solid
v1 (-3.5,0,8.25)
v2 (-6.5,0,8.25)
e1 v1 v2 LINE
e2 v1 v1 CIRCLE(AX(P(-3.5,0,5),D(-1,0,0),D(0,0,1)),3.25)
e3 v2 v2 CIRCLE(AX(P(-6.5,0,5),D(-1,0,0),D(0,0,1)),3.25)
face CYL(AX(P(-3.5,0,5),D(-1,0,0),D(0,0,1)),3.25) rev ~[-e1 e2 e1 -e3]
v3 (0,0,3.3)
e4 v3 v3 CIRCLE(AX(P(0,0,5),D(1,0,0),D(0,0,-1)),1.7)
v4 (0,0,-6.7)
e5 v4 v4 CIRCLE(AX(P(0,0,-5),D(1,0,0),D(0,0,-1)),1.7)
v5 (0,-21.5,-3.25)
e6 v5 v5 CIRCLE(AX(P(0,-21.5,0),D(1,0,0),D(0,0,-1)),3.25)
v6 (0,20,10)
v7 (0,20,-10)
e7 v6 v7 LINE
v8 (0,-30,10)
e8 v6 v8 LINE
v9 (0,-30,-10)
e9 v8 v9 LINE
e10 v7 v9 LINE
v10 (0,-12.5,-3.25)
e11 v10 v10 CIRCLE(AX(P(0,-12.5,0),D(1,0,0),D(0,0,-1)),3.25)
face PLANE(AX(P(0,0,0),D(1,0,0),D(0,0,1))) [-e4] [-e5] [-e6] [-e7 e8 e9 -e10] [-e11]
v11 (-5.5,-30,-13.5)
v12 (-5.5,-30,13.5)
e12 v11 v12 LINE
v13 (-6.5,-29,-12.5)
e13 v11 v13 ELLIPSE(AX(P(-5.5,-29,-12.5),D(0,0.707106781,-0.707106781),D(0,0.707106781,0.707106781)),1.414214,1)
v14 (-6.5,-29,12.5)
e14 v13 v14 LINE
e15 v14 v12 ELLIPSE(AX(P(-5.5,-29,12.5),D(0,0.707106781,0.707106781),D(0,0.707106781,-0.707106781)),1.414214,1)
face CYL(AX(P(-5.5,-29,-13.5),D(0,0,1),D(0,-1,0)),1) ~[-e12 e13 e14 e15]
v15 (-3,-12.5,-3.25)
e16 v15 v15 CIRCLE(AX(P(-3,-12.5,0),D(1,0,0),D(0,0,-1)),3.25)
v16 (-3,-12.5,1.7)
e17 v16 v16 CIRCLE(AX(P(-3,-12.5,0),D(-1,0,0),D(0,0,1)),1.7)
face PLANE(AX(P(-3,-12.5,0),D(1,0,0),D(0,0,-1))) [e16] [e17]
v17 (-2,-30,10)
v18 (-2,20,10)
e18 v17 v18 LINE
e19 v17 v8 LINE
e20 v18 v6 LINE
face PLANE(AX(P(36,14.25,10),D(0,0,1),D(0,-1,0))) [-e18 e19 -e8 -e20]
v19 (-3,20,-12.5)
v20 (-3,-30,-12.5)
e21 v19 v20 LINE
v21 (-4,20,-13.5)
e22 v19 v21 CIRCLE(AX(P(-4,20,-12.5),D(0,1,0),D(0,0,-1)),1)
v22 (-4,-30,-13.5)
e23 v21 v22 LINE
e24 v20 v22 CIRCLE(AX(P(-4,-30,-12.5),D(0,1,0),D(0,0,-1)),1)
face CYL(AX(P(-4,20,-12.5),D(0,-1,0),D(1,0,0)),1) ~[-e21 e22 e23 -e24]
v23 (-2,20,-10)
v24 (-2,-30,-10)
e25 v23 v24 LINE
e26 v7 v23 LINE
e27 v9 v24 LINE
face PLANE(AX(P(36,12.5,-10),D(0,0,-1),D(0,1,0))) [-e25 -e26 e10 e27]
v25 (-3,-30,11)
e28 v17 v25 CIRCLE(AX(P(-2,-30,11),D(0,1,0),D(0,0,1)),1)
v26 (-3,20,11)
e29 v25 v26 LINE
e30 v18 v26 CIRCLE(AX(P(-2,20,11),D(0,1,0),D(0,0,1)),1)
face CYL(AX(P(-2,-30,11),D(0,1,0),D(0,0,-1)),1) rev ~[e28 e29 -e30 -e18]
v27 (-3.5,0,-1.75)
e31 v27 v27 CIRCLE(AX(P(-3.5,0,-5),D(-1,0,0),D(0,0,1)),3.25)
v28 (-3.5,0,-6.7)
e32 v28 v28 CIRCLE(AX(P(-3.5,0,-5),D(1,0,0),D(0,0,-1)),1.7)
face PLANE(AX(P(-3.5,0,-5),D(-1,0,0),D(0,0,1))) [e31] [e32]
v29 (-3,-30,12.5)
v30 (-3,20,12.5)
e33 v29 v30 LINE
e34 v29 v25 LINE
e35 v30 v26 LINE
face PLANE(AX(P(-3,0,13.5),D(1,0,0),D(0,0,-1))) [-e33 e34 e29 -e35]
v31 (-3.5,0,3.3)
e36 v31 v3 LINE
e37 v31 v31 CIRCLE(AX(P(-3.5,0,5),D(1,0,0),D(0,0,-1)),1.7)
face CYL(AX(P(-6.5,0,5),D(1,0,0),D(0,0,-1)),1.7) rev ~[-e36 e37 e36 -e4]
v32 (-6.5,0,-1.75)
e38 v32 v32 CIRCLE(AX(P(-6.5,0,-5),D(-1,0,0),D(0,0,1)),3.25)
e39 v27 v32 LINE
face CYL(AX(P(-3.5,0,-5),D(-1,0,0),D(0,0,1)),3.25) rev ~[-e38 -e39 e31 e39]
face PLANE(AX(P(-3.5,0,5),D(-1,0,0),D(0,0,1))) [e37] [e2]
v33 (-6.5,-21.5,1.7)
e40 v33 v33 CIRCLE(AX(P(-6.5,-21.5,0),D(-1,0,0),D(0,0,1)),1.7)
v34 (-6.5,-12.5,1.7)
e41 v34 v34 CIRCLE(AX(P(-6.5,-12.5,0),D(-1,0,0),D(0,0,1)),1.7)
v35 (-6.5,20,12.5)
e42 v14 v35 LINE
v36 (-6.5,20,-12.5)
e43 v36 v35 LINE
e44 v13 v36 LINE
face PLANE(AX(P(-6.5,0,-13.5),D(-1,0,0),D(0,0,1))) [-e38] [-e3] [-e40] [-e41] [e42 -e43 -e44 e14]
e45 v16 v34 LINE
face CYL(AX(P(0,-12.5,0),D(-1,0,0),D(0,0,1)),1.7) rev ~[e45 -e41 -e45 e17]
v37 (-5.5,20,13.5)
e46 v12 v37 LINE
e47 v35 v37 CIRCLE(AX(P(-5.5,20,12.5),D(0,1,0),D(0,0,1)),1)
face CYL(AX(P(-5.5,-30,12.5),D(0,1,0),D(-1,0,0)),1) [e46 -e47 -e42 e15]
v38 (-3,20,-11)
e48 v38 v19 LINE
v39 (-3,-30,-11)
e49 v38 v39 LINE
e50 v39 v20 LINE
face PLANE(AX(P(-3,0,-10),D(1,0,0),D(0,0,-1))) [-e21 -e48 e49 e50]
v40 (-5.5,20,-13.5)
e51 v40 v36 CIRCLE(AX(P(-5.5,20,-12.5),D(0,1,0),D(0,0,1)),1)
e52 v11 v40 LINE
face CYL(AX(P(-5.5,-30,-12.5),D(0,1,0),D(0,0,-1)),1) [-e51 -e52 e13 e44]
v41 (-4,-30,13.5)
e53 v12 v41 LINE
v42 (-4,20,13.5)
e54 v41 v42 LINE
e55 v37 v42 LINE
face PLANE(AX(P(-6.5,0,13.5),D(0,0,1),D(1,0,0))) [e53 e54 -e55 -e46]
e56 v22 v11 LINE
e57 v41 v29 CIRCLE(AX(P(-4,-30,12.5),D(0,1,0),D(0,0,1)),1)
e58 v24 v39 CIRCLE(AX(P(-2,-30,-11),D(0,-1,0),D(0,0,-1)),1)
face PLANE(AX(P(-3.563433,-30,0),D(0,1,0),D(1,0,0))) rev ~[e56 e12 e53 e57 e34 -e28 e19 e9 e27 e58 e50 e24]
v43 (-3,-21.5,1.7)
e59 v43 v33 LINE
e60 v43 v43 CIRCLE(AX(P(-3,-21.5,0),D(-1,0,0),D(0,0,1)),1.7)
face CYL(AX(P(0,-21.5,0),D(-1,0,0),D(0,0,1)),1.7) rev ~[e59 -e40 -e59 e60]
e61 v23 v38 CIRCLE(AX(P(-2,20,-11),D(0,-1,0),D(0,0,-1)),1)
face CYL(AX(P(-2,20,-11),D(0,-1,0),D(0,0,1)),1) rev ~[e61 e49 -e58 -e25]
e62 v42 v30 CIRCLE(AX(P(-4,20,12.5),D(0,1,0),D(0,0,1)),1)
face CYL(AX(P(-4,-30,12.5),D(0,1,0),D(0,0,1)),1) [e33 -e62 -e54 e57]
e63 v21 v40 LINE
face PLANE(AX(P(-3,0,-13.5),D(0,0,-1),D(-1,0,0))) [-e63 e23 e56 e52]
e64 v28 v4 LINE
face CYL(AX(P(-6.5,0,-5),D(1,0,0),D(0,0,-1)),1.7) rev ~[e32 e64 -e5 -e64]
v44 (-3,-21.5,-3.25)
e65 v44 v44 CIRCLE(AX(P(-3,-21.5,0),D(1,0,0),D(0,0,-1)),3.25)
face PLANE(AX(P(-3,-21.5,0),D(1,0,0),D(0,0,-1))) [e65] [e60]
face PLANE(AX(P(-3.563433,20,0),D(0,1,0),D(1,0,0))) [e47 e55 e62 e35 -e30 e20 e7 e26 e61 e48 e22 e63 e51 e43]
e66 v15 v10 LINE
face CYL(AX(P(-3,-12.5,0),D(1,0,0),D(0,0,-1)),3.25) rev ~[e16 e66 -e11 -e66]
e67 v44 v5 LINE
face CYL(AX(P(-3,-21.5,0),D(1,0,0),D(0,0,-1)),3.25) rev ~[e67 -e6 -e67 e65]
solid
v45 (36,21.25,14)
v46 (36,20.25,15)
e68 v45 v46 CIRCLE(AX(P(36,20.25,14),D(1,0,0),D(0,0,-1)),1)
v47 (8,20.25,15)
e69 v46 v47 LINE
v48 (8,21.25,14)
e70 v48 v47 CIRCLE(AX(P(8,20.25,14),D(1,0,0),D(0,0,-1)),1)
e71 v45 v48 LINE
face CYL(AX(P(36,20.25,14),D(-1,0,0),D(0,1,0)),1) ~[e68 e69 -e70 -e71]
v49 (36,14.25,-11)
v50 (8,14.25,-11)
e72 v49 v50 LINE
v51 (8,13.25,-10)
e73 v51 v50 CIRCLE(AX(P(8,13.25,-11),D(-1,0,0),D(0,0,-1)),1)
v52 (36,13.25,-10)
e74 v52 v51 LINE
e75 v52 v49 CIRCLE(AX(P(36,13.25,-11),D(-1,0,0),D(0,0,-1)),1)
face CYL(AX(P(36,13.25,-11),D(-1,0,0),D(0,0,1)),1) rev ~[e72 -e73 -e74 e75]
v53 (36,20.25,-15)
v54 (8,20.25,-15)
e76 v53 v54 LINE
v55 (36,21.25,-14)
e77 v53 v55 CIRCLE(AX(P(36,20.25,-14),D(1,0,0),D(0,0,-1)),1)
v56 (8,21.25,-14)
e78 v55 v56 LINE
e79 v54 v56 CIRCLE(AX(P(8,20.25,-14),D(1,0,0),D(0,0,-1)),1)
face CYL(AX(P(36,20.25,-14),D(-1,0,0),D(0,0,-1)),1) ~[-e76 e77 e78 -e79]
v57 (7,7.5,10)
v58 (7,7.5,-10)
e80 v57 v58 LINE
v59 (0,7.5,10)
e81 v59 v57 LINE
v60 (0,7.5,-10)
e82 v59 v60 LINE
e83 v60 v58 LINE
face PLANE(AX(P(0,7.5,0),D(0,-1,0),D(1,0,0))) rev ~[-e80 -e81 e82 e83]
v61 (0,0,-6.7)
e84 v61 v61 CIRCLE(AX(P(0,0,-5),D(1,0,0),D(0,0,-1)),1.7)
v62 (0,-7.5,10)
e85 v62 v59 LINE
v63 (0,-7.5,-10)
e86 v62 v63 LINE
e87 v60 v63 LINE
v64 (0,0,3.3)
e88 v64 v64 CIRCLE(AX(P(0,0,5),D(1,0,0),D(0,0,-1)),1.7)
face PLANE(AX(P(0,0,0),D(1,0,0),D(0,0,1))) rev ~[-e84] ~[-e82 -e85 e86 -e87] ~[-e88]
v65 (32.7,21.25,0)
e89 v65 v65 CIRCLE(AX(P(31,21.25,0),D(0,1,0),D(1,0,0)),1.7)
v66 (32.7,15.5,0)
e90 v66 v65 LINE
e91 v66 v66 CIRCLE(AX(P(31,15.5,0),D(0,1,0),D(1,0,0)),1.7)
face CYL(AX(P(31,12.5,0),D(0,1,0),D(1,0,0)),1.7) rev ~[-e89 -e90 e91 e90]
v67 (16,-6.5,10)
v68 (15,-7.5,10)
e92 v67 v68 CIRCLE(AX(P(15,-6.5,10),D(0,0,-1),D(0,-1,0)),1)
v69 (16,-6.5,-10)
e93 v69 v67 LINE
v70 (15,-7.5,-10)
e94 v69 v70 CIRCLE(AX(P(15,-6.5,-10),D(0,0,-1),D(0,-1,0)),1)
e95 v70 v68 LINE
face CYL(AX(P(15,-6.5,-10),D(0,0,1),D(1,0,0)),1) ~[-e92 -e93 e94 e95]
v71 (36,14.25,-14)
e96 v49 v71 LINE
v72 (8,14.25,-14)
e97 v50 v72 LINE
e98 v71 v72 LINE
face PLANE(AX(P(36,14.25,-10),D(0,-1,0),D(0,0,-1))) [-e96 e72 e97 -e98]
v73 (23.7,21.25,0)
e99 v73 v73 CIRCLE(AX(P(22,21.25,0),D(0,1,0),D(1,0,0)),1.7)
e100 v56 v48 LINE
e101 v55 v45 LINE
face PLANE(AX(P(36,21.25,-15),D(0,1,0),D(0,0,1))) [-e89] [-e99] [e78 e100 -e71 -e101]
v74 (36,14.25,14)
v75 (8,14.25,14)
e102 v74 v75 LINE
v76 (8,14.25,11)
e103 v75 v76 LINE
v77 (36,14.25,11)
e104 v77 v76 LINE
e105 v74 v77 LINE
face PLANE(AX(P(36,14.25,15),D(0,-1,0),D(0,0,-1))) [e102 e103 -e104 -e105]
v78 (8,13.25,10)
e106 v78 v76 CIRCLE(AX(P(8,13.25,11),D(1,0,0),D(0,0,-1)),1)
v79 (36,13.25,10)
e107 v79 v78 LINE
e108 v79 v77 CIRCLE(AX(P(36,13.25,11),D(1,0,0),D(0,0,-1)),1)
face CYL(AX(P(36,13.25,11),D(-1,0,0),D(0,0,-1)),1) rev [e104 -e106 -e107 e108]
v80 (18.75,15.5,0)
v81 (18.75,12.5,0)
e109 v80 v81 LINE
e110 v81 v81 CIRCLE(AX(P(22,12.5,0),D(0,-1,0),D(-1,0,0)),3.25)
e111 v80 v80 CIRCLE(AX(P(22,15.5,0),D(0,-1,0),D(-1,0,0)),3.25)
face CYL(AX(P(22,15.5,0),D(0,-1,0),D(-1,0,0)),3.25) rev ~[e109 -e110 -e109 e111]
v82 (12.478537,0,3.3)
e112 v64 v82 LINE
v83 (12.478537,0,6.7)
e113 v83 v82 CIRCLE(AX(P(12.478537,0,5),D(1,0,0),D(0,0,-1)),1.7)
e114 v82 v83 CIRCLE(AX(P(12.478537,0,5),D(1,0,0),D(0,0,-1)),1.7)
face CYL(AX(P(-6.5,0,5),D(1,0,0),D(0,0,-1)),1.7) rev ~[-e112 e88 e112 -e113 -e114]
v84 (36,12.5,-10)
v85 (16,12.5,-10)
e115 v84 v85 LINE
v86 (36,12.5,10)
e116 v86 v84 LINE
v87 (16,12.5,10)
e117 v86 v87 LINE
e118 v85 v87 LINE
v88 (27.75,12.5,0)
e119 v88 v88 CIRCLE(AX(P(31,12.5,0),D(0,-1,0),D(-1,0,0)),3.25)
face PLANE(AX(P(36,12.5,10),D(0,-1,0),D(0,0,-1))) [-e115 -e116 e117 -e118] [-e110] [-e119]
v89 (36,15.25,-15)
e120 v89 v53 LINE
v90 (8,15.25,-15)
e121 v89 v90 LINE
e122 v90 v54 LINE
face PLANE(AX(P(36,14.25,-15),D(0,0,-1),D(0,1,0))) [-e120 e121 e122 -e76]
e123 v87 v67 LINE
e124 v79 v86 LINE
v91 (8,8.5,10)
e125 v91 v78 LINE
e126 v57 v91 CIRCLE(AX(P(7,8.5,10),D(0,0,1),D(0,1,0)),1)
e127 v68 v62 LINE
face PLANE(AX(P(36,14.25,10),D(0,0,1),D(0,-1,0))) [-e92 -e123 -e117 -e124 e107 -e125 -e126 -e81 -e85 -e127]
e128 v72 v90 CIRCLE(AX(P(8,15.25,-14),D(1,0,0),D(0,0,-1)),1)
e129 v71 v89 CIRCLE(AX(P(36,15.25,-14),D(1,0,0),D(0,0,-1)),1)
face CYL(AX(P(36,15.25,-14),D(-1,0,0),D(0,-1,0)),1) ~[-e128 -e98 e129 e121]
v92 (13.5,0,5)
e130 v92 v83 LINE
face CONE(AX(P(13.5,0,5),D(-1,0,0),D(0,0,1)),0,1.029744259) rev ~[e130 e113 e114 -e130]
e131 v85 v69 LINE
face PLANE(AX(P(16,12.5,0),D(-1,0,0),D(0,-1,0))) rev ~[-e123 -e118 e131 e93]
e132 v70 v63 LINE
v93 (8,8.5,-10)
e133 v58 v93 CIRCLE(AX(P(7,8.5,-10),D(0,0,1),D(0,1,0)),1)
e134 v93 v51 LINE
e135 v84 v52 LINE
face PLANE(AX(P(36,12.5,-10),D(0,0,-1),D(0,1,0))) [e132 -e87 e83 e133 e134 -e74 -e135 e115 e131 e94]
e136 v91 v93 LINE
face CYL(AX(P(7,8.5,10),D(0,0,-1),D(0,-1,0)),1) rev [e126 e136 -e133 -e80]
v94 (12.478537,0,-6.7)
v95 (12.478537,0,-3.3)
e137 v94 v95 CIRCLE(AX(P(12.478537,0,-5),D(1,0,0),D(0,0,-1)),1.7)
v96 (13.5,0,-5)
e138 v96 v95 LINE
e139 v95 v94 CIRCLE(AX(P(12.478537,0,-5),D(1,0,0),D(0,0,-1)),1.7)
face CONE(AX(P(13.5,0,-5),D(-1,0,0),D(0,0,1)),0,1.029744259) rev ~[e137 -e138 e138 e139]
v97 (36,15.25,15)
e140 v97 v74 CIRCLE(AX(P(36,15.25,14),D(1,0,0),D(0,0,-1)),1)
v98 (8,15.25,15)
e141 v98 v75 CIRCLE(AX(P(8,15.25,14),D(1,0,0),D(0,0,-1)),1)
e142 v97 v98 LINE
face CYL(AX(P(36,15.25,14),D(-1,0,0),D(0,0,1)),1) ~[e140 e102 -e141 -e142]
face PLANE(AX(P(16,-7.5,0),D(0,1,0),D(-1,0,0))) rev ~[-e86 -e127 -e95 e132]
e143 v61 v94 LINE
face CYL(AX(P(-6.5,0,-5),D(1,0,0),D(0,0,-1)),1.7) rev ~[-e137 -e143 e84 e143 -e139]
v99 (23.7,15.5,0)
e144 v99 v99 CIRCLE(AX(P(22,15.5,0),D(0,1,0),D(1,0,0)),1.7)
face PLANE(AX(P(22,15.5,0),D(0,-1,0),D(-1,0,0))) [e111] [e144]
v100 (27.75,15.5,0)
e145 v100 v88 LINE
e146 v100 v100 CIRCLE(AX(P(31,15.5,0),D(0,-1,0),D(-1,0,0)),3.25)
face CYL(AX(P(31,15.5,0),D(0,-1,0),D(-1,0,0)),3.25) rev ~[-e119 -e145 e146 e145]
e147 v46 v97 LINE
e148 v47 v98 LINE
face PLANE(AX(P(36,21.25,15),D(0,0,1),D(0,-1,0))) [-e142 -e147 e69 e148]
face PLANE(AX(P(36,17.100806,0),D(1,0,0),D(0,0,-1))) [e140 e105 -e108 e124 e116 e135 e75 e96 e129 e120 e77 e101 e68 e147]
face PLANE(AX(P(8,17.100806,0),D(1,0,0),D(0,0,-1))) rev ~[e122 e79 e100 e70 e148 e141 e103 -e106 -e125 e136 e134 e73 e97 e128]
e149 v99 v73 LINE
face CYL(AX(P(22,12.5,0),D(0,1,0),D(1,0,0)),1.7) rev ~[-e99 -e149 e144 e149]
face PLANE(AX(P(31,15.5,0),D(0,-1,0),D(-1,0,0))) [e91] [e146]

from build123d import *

# Parameters (mm, degrees)
BOSS_EXTRUDE1_DEPTH             = 10
BOSS_EXTRUDE2_DEPTH             = 20
BOSS_EXTRUDE2_DEPTH_BACK        = 30
BOSS_EXTRUDE4_START             = -28
BOSS_EXTRUDE4_DEPTH             = 28
CBORE_FOR_M3_SHCS10_D           = 3.4
CBORE_FOR_M3_SHCS10_CBORE_D     = 6.5
CBORE_FOR_M3_SHCS10_CBORE_DEPTH = 3
CBORE_FOR_M3_SHCS11_D           = 3.4
CBORE_FOR_M3_SHCS11_CBORE_D     = 6.5
CBORE_FOR_M3_SHCS11_CBORE_DEPTH = 3
CBORE_FOR_M3_SHCS13_D           = 3.4
CBORE_FOR_M3_SHCS13_DEPTH       = 18.978536948
CBORE_FOR_M3_SHCS13_CBORE_D     = 6.5
CBORE_FOR_M3_SHCS13_CBORE_DEPTH = 3
CBORE_FOR_M3_SHCS13_TIP         = 1.021463052
FILLET1_R                       = 1


with BuildPart() as part:
    # Sketch1 → Boss-Extrude1 (new body, symmetric)
    with BuildSketch(Plane.XY):
        Polygon((16, -7.5), (0, -7.5), (0, 7.5), (8, 7.5), (8, 12.5), (16, 12.5), align=None)
    extrude(amount=BOSS_EXTRUDE1_DEPTH, both=True)

    # Sketch2 → Boss-Extrude2 (add, two sides)
    with BuildSketch(Plane(origin=(0, 0, 0), x_dir=(1, 0, 0), z_dir=(0, 1, 0))) as boss_extrude2_sk:
        Polygon((-3, 13.5), (-6.5, 13.5), (-6.5, -13.5), (-3, -13.5), (-3, -10), (0, -10), (0, 10), (-3, 10), align=None)
    extrude(amount=BOSS_EXTRUDE2_DEPTH)
    extrude(boss_extrude2_sk.sketch, amount=-BOSS_EXTRUDE2_DEPTH_BACK)

    # Sketch7 → Boss-Extrude4 (add)
    with BuildSketch(Plane.ZY.offset(-8).offset(BOSS_EXTRUDE4_START)):
        Polygon((-10, 12.5), (-10, 14.25), (-15, 14.25), (-15, 21.25), (15, 21.25), (15, 14.25), (10, 14.25), (10, 12.5), align=None)
    extrude(amount=BOSS_EXTRUDE4_DEPTH)

    # CBORE for M3 SHCS10 (through all)
    with Locations(Plane(origin=(0, 12.5, 0), x_dir=(-1, 0, 0), z_dir=(0, -1, 0))):
        with Locations((-22, 0), (-31, 0)):
            CounterBoreHole(CBORE_FOR_M3_SHCS10_D / 2, CBORE_FOR_M3_SHCS10_CBORE_D / 2, CBORE_FOR_M3_SHCS10_CBORE_DEPTH)

    # CBORE for M3 SHCS11 (through all)
    with Locations(Plane(origin=(0, 0, 0), x_dir=(0, 0, -1), z_dir=(1, 0, 0))):
        with Locations((0, -12.5), (0, -21.5)):
            CounterBoreHole(CBORE_FOR_M3_SHCS11_D / 2, CBORE_FOR_M3_SHCS11_CBORE_D / 2, CBORE_FOR_M3_SHCS11_CBORE_DEPTH)

    # CBORE for M3 SHCS13
    with Locations(Plane.ZY.offset(6.5)):
        with Locations((-5, 0), (5, 0)):
            CounterBoreHole(CBORE_FOR_M3_SHCS13_D / 2, CBORE_FOR_M3_SHCS13_CBORE_D / 2, CBORE_FOR_M3_SHCS13_CBORE_DEPTH, depth=CBORE_FOR_M3_SHCS13_DEPTH)
            with Locations((0, 0, -(CBORE_FOR_M3_SHCS13_DEPTH + CBORE_FOR_M3_SHCS13_TIP / 2))):  # 118° drill point
                Cone(0, CBORE_FOR_M3_SHCS13_D / 2, CBORE_FOR_M3_SHCS13_TIP, mode=Mode.SUBTRACT)

    # Fillet1
    fillet1_edges = [part.edges().sort_by_distance(p)[0] for p in [
        (16, -7.5, 0),
        (8, 7.5, 0),
        (-3, -5, -13.5),
        (-3, -5, -10),
        (-3, -5, 10),
        (-3, -5, 13.5),
        (-6.5, -5, 13.5),
        (-6.5, -30, 0),
        (-6.5, -5, -13.5),
        (22, 14.25, -10),
        (22, 14.25, -15),
        (22, 21.25, -15),
        (22, 21.25, 15),
        (22, 14.25, 15),
        (22, 14.25, 10),
    ]]
    fillet(fillet1_edges, radius=FILLET1_R)


with BuildPart() as body_2:
    # Split1: the piece on the far side of the plane
    add(part.part)
    split(bisect_by=Plane(origin=(0, 0, 0), x_dir=(0, 0, 1), z_dir=(1, 0, 0)), keep=Keep.BOTTOM)


with BuildPart() as part_1:
    add(part.part)

    # Split1
    split(bisect_by=Plane(origin=(0, 0, 0), x_dir=(0, 0, 1), z_dir=(1, 0, 0)), keep=Keep.TOP)


solid = Compound([body_2.part, part_1.part])
